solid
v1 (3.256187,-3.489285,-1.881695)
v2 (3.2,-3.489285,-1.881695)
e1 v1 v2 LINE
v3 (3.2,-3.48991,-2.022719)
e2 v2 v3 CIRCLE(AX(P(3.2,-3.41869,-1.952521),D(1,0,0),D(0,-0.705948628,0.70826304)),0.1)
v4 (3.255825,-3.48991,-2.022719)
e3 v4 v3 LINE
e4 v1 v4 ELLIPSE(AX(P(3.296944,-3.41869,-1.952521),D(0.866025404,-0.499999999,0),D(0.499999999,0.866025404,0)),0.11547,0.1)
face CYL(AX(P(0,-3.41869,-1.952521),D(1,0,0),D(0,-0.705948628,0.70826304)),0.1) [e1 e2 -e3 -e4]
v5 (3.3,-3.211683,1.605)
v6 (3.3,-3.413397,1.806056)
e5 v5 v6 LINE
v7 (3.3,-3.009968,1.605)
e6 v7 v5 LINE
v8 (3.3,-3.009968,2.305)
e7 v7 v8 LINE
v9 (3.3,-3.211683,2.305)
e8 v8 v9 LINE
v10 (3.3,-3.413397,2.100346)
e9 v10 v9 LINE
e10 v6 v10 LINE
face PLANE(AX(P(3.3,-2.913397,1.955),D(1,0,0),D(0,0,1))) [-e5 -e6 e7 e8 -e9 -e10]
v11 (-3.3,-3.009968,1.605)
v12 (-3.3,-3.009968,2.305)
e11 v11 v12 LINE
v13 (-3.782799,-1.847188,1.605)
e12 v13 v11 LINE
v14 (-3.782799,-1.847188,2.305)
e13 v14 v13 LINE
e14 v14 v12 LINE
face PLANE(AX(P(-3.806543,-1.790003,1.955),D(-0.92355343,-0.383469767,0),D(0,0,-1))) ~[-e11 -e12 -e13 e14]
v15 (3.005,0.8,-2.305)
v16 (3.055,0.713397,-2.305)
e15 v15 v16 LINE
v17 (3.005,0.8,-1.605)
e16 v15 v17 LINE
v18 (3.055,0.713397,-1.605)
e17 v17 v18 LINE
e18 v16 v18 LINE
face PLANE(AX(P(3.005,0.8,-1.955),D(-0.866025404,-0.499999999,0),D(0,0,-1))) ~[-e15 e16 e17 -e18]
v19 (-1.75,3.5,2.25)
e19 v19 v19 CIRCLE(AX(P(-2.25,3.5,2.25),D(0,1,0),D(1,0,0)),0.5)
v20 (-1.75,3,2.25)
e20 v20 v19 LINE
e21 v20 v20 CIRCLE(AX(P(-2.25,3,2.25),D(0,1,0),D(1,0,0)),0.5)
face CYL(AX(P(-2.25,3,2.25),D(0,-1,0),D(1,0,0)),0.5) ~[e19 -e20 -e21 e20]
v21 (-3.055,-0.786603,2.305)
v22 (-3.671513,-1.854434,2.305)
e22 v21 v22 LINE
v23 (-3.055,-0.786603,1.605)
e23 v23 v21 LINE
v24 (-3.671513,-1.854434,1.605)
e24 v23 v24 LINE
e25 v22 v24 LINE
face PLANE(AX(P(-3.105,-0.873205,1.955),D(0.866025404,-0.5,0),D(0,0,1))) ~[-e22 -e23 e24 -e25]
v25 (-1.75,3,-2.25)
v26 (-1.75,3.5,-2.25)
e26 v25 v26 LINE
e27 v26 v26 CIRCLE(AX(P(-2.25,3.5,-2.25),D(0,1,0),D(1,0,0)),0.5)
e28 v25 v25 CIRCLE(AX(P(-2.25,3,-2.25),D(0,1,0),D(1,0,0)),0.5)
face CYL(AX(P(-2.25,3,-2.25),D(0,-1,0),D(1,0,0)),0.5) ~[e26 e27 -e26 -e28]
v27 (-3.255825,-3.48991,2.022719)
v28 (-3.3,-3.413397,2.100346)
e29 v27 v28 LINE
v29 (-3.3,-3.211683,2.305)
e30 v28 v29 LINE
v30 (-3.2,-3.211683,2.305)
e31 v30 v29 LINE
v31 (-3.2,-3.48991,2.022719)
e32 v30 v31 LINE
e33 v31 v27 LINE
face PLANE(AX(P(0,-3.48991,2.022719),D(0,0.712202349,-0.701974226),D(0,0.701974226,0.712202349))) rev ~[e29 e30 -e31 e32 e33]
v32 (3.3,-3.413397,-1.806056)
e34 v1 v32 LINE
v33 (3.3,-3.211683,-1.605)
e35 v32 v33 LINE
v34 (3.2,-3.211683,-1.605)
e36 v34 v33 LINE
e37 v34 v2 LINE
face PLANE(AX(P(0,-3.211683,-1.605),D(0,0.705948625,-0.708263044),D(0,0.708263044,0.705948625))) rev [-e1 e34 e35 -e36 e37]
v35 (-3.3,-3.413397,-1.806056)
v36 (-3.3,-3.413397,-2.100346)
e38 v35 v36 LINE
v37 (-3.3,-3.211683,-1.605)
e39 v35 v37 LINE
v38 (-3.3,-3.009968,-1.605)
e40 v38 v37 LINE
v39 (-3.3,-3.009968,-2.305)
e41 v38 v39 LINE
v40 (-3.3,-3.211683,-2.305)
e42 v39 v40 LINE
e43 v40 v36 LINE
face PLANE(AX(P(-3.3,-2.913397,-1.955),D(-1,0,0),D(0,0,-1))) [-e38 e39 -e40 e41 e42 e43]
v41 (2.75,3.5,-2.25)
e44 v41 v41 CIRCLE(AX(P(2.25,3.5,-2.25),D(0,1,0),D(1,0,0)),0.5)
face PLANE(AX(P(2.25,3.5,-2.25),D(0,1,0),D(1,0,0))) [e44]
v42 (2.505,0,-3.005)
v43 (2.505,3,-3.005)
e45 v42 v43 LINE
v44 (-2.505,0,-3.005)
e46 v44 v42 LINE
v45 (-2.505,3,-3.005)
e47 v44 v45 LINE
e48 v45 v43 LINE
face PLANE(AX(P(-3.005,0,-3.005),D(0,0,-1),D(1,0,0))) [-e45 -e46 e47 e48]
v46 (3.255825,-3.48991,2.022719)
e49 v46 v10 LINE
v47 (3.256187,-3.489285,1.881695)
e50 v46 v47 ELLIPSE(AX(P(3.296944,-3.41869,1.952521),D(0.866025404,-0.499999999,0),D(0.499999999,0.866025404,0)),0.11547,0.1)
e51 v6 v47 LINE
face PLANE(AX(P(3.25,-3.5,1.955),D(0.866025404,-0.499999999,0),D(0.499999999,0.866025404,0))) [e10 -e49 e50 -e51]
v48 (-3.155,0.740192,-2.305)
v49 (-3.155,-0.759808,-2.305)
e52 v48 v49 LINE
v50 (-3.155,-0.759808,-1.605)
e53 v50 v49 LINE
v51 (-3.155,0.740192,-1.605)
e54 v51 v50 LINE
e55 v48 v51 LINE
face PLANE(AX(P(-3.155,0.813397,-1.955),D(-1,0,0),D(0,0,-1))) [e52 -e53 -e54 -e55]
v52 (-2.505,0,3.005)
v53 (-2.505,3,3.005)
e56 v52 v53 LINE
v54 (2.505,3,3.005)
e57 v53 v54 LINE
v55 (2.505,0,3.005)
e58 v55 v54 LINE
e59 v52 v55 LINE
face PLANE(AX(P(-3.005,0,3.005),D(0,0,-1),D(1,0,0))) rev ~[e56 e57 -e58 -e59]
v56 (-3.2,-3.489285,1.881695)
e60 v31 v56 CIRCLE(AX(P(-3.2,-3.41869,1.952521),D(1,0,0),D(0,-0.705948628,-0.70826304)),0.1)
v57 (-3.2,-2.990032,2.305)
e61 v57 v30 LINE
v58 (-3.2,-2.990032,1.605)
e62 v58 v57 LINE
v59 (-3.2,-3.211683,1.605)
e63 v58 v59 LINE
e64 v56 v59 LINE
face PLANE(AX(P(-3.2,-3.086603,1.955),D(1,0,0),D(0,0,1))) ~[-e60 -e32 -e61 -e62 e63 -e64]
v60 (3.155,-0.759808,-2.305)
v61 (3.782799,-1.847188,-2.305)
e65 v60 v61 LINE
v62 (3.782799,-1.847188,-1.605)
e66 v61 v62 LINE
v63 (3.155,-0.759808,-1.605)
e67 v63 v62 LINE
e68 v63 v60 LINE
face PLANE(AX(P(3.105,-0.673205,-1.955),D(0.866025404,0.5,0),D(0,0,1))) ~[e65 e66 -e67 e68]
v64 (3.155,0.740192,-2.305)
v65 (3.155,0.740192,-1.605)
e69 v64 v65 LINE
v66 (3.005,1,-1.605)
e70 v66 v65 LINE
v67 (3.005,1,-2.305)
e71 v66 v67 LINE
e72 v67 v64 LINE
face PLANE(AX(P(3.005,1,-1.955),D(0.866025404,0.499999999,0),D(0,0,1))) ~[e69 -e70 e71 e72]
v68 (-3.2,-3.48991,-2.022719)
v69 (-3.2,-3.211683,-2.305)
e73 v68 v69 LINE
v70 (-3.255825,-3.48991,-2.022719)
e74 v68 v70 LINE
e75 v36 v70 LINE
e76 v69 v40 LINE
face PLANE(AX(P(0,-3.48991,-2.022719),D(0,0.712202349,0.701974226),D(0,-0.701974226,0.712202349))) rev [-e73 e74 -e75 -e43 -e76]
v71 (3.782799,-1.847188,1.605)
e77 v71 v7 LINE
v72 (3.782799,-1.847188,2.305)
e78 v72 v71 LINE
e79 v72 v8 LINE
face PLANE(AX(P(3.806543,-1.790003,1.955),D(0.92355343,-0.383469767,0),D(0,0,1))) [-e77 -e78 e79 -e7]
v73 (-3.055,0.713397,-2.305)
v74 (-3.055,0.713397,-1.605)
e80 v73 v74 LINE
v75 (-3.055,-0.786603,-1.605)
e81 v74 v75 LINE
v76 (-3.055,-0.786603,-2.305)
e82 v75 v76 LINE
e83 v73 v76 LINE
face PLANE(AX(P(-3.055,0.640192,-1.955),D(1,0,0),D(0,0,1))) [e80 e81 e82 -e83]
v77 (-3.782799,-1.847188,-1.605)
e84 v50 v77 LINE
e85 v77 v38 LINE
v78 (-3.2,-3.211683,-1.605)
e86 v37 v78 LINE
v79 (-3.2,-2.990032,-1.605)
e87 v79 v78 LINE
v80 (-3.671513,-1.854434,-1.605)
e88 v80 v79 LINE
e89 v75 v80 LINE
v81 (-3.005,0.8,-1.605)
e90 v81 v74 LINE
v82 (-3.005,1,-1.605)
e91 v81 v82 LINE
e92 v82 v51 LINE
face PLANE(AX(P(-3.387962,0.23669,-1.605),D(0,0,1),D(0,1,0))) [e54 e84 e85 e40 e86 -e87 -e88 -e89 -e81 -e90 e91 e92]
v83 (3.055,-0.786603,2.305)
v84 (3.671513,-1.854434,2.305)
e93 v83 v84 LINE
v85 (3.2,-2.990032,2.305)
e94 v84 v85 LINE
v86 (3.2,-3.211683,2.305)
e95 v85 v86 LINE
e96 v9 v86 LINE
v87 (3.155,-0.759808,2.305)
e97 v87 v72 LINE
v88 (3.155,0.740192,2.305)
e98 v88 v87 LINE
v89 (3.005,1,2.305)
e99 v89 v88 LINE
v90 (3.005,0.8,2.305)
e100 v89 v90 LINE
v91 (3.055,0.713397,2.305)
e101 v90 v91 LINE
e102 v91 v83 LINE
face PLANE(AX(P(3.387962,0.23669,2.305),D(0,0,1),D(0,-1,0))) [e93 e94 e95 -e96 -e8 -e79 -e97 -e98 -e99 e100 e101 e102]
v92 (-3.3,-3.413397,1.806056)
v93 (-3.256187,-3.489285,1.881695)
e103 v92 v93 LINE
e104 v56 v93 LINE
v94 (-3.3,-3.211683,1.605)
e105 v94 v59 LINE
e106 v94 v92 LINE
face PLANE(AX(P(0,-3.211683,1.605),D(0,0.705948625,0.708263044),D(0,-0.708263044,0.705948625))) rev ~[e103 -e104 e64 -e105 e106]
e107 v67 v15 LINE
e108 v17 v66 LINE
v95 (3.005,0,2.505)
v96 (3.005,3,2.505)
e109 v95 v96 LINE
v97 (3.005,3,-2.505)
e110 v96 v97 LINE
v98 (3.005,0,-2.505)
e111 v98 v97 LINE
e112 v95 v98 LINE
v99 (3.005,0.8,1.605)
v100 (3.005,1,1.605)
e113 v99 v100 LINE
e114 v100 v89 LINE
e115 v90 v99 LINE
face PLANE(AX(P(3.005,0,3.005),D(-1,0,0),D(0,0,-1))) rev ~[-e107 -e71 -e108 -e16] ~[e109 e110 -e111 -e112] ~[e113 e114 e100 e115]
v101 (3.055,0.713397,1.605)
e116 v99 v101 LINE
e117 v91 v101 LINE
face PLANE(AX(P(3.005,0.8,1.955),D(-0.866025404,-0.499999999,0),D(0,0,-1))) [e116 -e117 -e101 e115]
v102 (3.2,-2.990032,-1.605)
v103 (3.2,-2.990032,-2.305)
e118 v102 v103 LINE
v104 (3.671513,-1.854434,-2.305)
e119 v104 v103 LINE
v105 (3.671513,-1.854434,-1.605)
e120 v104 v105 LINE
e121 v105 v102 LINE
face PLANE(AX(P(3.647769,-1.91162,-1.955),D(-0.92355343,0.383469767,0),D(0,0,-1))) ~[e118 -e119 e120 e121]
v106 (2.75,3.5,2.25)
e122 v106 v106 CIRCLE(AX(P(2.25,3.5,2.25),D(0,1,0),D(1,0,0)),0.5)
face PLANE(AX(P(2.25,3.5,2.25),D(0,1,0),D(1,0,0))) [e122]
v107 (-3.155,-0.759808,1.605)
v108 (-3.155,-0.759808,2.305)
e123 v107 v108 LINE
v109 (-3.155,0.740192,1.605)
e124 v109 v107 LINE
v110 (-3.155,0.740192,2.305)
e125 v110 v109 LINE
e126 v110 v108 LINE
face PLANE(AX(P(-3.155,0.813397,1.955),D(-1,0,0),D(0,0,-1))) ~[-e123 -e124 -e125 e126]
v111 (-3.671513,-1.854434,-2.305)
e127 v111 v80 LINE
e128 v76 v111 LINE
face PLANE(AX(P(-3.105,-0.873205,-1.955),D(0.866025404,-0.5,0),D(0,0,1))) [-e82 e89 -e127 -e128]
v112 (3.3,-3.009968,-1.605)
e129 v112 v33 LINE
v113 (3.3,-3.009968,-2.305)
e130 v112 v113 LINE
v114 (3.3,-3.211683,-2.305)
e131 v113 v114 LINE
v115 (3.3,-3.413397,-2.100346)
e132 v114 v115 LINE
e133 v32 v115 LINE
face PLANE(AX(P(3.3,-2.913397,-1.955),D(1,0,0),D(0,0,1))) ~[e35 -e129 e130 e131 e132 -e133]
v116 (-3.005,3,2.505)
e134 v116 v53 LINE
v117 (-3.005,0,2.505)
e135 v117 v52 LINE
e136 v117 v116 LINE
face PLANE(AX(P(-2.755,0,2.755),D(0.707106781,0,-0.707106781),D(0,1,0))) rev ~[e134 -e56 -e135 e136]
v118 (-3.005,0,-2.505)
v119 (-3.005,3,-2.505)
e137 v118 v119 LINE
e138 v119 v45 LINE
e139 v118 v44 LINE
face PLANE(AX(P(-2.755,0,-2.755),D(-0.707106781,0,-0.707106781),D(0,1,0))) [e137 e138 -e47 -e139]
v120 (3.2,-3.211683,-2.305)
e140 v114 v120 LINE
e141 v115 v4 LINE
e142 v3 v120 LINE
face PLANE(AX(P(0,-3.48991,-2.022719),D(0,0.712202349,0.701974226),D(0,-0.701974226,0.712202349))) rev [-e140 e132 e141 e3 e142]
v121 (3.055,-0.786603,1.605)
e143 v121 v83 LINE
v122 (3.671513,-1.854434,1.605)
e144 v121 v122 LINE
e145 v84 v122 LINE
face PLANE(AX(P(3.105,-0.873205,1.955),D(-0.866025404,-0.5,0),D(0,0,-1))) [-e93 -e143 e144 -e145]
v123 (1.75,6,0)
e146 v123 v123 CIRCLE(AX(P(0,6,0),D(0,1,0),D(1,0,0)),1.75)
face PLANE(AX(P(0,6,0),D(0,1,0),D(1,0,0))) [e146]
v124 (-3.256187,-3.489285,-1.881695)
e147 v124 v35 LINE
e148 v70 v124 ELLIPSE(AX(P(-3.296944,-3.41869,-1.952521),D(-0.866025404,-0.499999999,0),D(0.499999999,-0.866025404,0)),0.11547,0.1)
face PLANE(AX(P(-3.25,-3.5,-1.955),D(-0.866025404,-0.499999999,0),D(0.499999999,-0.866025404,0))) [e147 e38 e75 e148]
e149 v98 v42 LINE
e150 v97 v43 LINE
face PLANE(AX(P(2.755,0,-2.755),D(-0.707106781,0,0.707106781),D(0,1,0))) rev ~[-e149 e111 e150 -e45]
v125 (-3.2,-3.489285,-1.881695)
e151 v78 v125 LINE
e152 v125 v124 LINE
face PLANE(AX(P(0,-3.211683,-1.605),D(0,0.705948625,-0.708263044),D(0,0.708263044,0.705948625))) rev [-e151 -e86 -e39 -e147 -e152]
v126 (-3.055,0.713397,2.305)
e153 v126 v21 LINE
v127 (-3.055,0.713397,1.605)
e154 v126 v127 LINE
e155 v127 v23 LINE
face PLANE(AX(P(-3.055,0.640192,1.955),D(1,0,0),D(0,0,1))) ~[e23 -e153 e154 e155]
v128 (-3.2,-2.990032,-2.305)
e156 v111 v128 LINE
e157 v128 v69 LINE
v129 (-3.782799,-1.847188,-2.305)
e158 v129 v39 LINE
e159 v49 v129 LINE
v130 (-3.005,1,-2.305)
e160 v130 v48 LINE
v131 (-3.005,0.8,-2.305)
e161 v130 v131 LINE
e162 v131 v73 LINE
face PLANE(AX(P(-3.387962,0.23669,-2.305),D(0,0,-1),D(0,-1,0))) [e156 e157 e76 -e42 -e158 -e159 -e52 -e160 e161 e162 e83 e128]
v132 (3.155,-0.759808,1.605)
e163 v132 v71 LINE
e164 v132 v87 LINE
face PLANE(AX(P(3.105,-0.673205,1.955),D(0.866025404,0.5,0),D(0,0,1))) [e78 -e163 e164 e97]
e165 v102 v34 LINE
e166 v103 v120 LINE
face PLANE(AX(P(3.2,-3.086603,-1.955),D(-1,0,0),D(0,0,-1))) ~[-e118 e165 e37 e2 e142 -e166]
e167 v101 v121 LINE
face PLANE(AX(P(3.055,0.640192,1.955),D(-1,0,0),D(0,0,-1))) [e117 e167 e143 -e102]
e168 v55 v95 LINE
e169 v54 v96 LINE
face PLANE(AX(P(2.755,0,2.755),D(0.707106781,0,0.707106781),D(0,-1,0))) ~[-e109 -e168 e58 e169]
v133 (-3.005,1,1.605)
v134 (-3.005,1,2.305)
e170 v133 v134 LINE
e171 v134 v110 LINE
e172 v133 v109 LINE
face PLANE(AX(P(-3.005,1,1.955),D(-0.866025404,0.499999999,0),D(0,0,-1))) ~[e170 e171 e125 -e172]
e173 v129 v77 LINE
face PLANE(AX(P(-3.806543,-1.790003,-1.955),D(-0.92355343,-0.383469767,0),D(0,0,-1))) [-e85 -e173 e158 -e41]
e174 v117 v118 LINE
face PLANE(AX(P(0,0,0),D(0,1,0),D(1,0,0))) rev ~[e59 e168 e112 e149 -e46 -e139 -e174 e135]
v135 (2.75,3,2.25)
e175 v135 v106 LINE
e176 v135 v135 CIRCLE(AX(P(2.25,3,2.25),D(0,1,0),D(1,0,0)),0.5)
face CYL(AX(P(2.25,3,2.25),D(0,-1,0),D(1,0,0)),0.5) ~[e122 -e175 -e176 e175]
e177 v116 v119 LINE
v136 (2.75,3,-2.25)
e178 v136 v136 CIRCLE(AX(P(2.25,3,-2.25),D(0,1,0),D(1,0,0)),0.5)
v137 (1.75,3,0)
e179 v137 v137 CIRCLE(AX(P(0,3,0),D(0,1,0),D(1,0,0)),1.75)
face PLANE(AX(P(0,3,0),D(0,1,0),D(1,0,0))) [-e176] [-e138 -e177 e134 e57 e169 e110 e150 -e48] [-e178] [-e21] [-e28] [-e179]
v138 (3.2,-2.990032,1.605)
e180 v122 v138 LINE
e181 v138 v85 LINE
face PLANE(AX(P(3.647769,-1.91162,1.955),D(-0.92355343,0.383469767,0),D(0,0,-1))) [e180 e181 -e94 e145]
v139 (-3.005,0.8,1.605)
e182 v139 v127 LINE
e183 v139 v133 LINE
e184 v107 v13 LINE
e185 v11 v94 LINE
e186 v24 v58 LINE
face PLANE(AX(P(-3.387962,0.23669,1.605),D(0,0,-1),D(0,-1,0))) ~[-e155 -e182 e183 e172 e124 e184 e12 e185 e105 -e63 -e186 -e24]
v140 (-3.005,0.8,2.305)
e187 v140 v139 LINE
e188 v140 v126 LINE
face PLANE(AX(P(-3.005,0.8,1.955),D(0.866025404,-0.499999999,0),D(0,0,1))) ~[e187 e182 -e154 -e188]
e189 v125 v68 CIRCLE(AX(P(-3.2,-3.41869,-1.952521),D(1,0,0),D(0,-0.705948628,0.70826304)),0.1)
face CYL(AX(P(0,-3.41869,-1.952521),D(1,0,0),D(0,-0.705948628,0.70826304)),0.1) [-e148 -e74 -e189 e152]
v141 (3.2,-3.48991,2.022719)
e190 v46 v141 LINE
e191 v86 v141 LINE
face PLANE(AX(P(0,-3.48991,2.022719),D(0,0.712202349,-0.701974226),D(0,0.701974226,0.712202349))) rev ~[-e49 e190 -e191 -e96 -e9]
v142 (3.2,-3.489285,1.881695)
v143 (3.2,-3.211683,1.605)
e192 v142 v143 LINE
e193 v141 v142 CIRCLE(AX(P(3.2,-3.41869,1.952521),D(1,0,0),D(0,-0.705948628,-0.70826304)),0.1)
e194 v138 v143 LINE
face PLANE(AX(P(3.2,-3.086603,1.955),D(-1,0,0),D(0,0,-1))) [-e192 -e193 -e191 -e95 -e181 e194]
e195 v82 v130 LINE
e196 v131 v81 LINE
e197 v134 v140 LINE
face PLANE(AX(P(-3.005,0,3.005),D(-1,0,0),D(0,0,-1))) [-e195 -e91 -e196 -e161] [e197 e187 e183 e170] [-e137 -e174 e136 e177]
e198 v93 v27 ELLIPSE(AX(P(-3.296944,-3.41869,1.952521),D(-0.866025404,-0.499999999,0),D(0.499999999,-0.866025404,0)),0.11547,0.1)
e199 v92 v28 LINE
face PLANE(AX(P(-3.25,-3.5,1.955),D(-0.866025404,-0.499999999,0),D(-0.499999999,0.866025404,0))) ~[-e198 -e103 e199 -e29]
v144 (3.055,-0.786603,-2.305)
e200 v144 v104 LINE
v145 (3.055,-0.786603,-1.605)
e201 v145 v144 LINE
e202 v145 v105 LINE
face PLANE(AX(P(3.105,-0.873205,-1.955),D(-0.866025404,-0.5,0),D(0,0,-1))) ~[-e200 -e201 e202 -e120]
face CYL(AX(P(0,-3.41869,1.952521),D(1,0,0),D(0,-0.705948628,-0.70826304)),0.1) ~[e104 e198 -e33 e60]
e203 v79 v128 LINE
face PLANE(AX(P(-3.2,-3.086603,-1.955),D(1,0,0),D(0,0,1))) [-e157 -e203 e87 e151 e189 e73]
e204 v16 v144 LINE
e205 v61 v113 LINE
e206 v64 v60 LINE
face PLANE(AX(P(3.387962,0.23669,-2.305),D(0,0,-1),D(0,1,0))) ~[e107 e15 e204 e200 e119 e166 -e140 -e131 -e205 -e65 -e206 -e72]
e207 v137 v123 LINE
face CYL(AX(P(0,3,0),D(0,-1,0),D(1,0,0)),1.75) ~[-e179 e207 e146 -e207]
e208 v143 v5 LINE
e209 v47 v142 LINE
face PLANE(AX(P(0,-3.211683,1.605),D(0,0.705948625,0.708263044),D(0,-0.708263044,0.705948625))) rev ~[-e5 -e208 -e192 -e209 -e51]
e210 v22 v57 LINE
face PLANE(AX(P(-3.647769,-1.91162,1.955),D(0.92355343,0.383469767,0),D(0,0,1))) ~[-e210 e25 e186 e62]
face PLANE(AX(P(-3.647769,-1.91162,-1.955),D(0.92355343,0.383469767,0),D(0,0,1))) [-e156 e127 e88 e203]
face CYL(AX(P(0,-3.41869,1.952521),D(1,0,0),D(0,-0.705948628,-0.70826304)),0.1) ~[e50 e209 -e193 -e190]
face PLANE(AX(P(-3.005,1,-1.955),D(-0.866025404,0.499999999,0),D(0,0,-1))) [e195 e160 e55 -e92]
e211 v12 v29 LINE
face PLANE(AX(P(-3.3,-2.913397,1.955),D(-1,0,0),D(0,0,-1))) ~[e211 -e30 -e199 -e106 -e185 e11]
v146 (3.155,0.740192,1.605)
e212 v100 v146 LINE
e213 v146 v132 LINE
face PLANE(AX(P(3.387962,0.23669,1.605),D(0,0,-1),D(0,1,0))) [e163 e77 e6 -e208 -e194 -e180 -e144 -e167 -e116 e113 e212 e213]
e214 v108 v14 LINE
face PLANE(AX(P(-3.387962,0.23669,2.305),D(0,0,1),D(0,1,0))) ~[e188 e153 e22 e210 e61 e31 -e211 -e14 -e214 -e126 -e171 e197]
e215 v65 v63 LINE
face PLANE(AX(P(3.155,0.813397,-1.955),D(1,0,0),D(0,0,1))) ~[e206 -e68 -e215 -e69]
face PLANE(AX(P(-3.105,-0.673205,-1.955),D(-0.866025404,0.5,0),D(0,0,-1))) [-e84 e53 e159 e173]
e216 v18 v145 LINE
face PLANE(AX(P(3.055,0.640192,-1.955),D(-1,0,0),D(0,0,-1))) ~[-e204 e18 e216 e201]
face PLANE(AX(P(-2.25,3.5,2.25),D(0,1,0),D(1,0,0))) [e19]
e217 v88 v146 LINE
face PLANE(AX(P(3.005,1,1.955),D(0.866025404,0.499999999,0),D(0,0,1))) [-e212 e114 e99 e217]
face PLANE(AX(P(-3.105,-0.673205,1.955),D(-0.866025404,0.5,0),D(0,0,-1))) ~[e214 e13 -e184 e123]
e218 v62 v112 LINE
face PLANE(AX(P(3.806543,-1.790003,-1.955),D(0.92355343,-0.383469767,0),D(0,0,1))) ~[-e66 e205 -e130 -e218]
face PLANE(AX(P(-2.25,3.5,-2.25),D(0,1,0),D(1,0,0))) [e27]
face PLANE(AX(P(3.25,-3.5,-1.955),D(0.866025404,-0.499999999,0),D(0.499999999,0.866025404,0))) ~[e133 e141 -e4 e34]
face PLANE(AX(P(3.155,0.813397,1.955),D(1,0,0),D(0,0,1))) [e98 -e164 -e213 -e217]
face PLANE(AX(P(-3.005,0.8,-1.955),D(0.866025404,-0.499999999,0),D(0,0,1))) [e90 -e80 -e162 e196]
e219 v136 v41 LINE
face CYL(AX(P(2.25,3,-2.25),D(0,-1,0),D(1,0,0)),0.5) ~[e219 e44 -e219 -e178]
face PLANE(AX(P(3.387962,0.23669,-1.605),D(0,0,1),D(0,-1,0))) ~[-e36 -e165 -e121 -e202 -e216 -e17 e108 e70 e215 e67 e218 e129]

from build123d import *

# Parameters (mm, degrees)
SKETCH1_W               = 6.01
SKETCH1_H               = 6.01
BOSS_EXTRUDE1_DEPTH     = 3
CHAMFER1_SIZE           = 0.5
SKETCH3_R               = 1.75
BOSS_EXTRUDE2_DEPTH     = 3
SKETCH4_R               = 0.5
BOSS_EXTRUDE6_DEPTH     = 0.5
SKETCH5_R               = 0.5
BOSS_EXTRUDE7_DEPTH     = 0.5
SKETCH6_W               = 0.7
SKETCH6_H               = 0.2
MIRROR2_COPY_1_SKETCH_W = 0.7
MIRROR2_COPY_1_SKETCH_H = 0.2
CUT_EXTRUDE1_DEPTH      = 4.782799277


with BuildPart() as part:
    # Sketch1 → Boss-Extrude1 (new body)
    with BuildSketch(Plane(origin=(0, 0, 0), x_dir=(1, 0, 0), z_dir=(0, 1, 0))):
        Rectangle(SKETCH1_W, SKETCH1_H)
    extrude(amount=BOSS_EXTRUDE1_DEPTH)

    # Chamfer1
    chamfer1_edges = [part.edges().sort_by_distance(p)[0] for p in [
        (3.005, 1.5, 3.005),
        (-3.005, 1.5, 3.005),
        (-3.005, 1.5, -3.005),
        (3.005, 1.5, -3.005),
    ]]
    chamfer(chamfer1_edges, length=CHAMFER1_SIZE)

    # Sketch3 → Boss-Extrude2 (add)
    with BuildSketch(Plane(origin=(0, 3, 0), x_dir=(1, 0, 0), z_dir=(0, 1, 0))):
        Circle(SKETCH3_R)
    extrude(amount=BOSS_EXTRUDE2_DEPTH)

    # Sketch4 → Boss-Extrude6 (add)
    with BuildSketch(Plane(origin=(0, 3, 0), x_dir=(1, 0, 0), z_dir=(0, 1, 0))):
        with Locations((2.25, 2.25)):
            Circle(SKETCH4_R)
        with Locations((2.25, -2.25)):
            Circle(SKETCH4_R)
        with Locations((-2.25, 2.25)):
            Circle(SKETCH4_R)
    extrude(amount=BOSS_EXTRUDE6_DEPTH)

    # Sketch5 → Boss-Extrude7 (add)
    with BuildSketch(Plane(origin=(0, 3, 0), x_dir=(1, 0, 0), z_dir=(0, 1, 0))):
        with Locations((-2.25, -2.25)):
            Circle(SKETCH5_R)
    extrude(amount=BOSS_EXTRUDE7_DEPTH)

    # Sweep1: sweep along a path in Sketch7
    with BuildLine(Plane.XY) as sweep1_path:
        Line((-3.005, 0.9), (-3.105, 0.726794919))
        Line((-3.105, 0.726794919), (-3.105, -0.773205081))
        Line((-3.105, -0.773205081), (-3.72715614, -1.850811126))
        Line((-3.72715614, -1.850811126), (-3.25, -3))
        Line((-3.25, -3), (-3.25, -3.5))
    # Sketch6 → Sweep1 (sweep)
    with BuildSketch(Plane.ZY.offset(3.005)):
        with Locations((-1.955, 0.9)):
            Rectangle(SKETCH6_W, SKETCH6_H)
    sweep1 = sweep(path=sweep1_path.line, transition=Transition.RIGHT)

    # Mirror1: Sweep1 across plane
    add(sweep1.mirror(Plane.XY))

    # Mirror2: Sweep1 across plane
    add(sweep1.mirror(Plane(origin=(0, 0, 0), x_dir=(0, 0, 1), z_dir=(1, 0, 0))))

    # Mirror2 copy 1: sweep along a path in Mirror2 copy 1 path
    with BuildLine(Plane(origin=(0, 0, 0), x_dir=(-1, 0, 0), z_dir=(0, 0, -1))) as mirror2_copy_1_path:
        Line((-3.005, 0.9), (-3.105, 0.726794919))
        Line((-3.105, 0.726794919), (-3.105, -0.773205081))
        Line((-3.105, -0.773205081), (-3.72715614, -1.850811126))
        Line((-3.72715614, -1.850811126), (-3.25, -3))
        Line((-3.25, -3), (-3.25, -3.5))
    # Mirror2 copy 1 sketch → Mirror2 copy 1 (sweep)
    with BuildSketch(Plane(origin=(3.005, 0, 0), x_dir=(0, 0, -1), z_dir=(1, 0, 0))):
        with Locations((-1.955, 0.9)):
            Rectangle(MIRROR2_COPY_1_SKETCH_W, MIRROR2_COPY_1_SKETCH_H)
    sweep(path=mirror2_copy_1_path.line, transition=Transition.RIGHT)

    # Sketch8 → Cut-Extrude1 (cut, symmetric)
    with BuildSketch(Plane(origin=(0, 0, 0), x_dir=(0, 0, -1), z_dir=(1, 0, 0))):
        with BuildLine():
            Line((-2.305, -3.211682602), (-2.305, -3.58660254))
            Line((-2.305, -3.58660254), (-1.605, -3.58660254))
            Line((-1.605, -3.58660254), (-1.605, -3.211682602))
            Line((-1.605, -3.211682602), (-1.881694927, -3.48928466))
            ThreePointArc((-1.881694927, -3.48928466), (-1.952077784, -3.518688814), (-2.022718654, -3.489910032))
            Line((-2.022718654, -3.489910032), (-2.305, -3.211682602))
        make_face()
    cut_extrude1 = extrude(amount=CUT_EXTRUDE1_DEPTH, both=True, mode=Mode.SUBTRACT)

    # Mirror3: Cut-Extrude1 across plane
    add(cut_extrude1.mirror(Plane.XY), mode=Mode.SUBTRACT)


solid = part.part
